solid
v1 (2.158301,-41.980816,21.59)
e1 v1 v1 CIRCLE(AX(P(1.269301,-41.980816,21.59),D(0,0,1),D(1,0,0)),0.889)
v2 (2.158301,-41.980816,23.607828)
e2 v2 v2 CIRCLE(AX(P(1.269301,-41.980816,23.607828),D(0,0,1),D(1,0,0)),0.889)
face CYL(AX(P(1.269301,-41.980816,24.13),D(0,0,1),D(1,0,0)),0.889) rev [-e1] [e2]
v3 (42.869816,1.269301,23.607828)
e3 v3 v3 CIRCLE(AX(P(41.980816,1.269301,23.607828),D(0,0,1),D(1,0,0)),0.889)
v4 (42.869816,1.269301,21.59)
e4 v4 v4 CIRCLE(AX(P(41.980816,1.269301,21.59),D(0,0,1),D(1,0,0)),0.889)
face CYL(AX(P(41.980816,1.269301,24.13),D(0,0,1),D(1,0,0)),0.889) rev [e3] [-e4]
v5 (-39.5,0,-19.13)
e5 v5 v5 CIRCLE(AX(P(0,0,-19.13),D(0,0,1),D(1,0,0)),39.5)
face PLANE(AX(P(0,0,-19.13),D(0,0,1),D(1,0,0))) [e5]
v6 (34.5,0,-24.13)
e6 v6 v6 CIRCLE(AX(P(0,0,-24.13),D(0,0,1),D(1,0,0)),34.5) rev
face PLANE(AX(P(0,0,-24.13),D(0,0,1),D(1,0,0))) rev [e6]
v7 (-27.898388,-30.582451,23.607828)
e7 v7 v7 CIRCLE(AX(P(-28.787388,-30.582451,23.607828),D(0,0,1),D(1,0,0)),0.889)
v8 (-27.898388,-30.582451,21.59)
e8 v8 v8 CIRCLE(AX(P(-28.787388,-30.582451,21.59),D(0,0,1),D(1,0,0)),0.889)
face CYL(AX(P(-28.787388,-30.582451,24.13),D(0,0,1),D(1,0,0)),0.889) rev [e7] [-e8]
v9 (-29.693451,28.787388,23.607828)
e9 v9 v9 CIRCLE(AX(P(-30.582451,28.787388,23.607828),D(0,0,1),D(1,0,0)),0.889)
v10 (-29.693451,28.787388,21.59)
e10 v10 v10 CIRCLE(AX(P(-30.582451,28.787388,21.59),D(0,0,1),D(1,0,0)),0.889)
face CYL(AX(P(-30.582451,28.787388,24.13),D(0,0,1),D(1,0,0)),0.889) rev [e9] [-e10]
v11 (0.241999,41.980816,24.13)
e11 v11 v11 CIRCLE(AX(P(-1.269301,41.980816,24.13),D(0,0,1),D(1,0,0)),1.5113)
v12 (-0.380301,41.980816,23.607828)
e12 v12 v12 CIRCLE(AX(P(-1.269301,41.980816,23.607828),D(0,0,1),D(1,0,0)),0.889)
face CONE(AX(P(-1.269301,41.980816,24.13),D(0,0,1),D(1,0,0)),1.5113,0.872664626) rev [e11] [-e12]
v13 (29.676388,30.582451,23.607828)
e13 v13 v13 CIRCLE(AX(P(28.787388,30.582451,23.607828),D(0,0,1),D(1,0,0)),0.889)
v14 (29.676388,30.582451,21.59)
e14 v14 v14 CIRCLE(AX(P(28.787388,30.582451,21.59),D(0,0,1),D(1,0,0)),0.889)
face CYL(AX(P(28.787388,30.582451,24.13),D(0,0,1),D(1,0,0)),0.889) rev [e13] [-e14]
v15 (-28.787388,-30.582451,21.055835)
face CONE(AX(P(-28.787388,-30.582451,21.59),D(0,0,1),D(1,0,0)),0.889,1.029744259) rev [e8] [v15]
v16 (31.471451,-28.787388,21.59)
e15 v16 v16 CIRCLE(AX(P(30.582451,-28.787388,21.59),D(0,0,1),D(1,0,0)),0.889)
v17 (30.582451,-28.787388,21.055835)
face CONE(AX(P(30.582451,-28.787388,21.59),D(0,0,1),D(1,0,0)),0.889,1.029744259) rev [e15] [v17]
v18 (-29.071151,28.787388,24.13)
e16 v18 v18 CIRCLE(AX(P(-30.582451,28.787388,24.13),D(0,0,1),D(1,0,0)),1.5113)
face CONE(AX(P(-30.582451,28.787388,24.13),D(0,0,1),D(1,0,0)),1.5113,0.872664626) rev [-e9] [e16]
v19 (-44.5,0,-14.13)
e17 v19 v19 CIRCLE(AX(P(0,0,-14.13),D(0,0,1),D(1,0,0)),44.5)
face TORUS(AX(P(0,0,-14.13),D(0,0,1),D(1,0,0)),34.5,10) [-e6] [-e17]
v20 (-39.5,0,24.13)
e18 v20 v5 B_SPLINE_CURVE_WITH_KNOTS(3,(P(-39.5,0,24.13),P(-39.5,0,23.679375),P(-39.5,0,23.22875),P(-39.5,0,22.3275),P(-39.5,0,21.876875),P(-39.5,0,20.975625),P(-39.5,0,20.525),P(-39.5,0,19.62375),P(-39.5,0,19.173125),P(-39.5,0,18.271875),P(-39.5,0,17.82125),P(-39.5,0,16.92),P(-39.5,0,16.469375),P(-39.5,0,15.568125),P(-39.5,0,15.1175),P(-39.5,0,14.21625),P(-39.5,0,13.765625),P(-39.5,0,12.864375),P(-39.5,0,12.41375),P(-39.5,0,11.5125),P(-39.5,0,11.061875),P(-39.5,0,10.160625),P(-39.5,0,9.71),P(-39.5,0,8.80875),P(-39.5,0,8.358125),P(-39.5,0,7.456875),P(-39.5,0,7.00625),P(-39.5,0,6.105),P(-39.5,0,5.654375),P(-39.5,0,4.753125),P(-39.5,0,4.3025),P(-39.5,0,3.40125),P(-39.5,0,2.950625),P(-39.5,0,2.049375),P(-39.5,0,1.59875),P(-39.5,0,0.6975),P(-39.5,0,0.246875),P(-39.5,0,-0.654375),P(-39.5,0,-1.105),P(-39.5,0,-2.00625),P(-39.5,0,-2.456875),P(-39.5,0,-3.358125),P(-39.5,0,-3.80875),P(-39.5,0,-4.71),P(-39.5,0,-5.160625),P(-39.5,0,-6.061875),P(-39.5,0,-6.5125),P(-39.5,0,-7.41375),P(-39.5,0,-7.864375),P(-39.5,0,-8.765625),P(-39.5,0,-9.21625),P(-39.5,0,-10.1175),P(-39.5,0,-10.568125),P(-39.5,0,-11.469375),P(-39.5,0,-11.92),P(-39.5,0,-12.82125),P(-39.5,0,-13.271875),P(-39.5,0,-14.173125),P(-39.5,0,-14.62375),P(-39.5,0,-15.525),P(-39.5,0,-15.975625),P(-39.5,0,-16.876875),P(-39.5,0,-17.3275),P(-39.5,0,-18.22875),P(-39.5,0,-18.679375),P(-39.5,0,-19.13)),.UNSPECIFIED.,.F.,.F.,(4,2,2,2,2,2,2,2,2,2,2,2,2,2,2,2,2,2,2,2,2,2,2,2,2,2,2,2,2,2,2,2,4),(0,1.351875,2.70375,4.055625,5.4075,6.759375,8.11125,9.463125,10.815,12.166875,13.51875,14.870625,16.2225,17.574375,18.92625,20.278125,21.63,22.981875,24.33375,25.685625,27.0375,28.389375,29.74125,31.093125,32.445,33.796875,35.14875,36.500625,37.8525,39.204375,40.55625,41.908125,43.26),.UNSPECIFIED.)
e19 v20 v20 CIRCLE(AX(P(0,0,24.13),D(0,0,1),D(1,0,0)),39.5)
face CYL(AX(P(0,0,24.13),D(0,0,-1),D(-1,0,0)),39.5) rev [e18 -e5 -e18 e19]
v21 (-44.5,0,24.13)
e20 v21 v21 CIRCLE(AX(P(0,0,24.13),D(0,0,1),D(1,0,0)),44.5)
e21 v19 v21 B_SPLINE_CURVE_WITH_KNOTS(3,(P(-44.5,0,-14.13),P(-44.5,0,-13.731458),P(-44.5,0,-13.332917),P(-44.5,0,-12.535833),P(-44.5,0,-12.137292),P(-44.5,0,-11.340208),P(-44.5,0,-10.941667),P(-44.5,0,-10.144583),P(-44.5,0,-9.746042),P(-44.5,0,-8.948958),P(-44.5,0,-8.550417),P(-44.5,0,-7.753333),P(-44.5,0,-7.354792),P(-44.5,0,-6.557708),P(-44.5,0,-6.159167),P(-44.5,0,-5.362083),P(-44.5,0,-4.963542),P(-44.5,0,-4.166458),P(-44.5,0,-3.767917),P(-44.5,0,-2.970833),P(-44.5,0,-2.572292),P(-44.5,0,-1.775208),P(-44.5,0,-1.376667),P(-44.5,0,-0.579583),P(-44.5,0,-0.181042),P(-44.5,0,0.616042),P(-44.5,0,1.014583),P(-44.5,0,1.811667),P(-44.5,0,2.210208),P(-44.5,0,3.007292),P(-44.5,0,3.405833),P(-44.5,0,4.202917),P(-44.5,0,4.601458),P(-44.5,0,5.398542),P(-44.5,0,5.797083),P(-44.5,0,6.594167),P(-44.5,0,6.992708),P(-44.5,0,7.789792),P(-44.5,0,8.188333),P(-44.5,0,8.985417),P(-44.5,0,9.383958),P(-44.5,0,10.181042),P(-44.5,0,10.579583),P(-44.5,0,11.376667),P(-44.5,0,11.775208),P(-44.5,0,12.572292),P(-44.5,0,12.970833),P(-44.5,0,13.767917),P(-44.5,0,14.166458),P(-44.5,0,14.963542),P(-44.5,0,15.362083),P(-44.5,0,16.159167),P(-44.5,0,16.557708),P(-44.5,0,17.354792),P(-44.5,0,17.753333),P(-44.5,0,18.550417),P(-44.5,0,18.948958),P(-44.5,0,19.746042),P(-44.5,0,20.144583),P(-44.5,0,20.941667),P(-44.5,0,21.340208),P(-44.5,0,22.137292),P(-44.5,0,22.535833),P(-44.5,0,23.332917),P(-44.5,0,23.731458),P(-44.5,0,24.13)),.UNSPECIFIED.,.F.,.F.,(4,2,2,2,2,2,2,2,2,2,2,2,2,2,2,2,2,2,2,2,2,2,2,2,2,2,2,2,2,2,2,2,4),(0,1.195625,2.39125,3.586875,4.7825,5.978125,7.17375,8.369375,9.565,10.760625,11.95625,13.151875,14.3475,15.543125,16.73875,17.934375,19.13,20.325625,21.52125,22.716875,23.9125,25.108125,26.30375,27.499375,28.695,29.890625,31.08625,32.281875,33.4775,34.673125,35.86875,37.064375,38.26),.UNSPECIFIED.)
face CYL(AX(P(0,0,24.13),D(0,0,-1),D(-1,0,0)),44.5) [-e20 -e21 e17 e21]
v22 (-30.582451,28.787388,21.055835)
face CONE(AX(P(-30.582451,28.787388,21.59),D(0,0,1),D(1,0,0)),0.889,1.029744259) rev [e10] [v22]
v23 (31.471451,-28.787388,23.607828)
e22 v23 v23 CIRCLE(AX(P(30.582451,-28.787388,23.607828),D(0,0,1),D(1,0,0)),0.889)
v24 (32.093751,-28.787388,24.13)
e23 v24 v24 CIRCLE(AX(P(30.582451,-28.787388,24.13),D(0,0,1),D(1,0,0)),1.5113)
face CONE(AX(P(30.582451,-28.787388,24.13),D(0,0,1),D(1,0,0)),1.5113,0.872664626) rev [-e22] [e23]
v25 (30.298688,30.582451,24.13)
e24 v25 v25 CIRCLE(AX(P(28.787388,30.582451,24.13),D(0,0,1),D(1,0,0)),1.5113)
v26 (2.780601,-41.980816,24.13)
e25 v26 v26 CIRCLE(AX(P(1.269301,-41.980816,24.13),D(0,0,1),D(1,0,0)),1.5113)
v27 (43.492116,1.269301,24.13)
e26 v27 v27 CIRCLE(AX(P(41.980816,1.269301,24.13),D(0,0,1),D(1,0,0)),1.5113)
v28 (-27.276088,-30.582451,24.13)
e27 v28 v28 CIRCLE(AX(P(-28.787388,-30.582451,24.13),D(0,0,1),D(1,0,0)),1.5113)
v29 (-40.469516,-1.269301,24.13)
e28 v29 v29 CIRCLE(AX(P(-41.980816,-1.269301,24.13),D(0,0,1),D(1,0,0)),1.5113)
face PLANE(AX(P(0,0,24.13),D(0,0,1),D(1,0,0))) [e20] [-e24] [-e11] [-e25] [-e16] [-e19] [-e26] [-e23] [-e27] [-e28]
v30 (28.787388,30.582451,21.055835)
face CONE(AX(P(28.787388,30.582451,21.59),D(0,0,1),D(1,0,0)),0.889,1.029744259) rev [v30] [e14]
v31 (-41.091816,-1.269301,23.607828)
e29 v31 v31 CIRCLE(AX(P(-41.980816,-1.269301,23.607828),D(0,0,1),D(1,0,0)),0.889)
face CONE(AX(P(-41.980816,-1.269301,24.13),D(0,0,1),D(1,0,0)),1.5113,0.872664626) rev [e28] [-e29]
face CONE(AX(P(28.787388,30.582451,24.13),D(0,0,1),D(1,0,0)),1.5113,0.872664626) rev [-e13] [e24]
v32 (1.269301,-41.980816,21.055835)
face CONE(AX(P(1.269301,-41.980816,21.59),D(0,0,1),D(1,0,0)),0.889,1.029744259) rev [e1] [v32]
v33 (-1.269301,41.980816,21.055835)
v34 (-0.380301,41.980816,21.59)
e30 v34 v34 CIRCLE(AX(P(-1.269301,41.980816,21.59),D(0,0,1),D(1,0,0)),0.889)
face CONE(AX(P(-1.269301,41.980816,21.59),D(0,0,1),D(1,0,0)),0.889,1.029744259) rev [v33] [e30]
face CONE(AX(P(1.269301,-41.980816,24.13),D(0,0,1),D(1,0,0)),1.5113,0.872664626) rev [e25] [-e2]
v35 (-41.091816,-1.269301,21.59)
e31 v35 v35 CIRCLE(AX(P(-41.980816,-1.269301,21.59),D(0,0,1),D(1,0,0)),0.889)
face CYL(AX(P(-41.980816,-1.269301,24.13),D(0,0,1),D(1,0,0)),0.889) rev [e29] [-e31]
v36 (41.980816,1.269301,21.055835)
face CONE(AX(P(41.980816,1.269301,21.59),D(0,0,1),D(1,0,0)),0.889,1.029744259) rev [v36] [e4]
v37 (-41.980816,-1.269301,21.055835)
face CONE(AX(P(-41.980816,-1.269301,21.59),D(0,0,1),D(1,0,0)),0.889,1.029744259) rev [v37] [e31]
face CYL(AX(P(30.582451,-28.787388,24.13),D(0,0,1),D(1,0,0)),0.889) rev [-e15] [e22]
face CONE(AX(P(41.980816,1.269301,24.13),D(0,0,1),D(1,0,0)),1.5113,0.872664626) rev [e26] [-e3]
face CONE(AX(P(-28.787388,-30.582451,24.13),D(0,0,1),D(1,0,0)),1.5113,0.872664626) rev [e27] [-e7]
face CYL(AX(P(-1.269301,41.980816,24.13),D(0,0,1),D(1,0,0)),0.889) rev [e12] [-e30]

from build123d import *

# Parameters (mm, degrees)
SKETCH1_R                                 = 44.5
BOSS_EXTRUDE1_DEPTH                       = 24.13
SHELL1_T                                  = -5
CSK_FOR_0_FLAT_HEAD_MACHINE_SCREW_2_COUNT = 2
CSK_FOR_0_FLAT_HEAD_MACHINE_SCREW_2_PITCH = 69.412105808
CIRPATTERN1_COUNT                         = 8
FILLET1_R                                 = 10


with BuildPart() as part:
    # Sketch1 → Boss-Extrude1 (new, symmetric)
    with BuildSketch(Plane.XY):
        with Locations(Location((0, 0, 0), (0, 0, 180))):
            Circle(SKETCH1_R)
    extrude(amount=BOSS_EXTRUDE1_DEPTH, both=True)

    # Shell1
    shell1_openings = [part.faces().sort_by_distance(p)[0] for p in [
        (0, 0, 24.13),
    ]]
    offset(amount=SHELL1_T, openings=shell1_openings, kind=Kind.INTERSECTION)

    # Sketch5 → CSK for #0 Flat Head Machine Screw (100)1 (revolve, cut)
    with BuildSketch(Plane(origin=(-1.269301035, 41.980815558, 24.13), x_dir=(0, -1, 0), z_dir=(1, 0, 0))):
        Polygon((0, 0), (0, 3.07416509), (0.889, 2.54), (0.889, 0.5221717), (1.5113, 0), align=None)
    csk_for_0_flat_head_machine_screw_100 = revolve(axis=Axis((-1.269301035, 41.980815558, 30.48), (0, 0, -1)), mode=Mode.SUBTRACT)

    # CSK for _0 Flat Head Machine Screw _ 2: CSK for #0 Flat Head Machine Screw (100)1 ×2
    with Locations(*[Vector(0.9567328467758284, -0.2909677987341887, 0) * (i * CSK_FOR_0_FLAT_HEAD_MACHINE_SCREW_2_PITCH) for i in range(1, CSK_FOR_0_FLAT_HEAD_MACHINE_SCREW_2_COUNT)]):
        add(csk_for_0_flat_head_machine_screw_100, mode=Mode.SUBTRACT)

    # CirPattern1: CSK for #0 Flat Head Machine Screw (100)1 ×8 about axis
    cirpattern1_axis = Axis((0, 0, 0), (0, 0, 1))
    for i in range(1, CIRPATTERN1_COUNT):
        add(csk_for_0_flat_head_machine_screw_100.rotate(cirpattern1_axis, i * 360 / CIRPATTERN1_COUNT), mode=Mode.SUBTRACT)

    # CirPattern1 copy 1 sketch → CirPattern1 copy 1 (revolve, cut)
    with BuildSketch(Plane(origin=(30.656906272, 61.464315428, 24.13), x_dir=(0.7071067811865475, -0.7071067811865476, 0), z_dir=(0.7071067811865476, 0.7071067811865475, 0))):
        Polygon((0, 0), (0, 3.07416509), (0.889, 2.54), (0.889, 0.5221717), (1.5113, 0), align=None)
    revolve(axis=Axis((30.656906272, 61.464315428, 30.48), (0, 0, -1)), mode=Mode.SUBTRACT)

    # CirPattern1 copy 2 sketch → CirPattern1 copy 2 (revolve, cut)
    with BuildSketch(Plane(origin=(-21.784127925, 65.139540555, 24.13), x_dir=(1, 0, 0), z_dir=(0, 1, 0))):
        Polygon((0, 0), (0, 3.07416509), (0.889, 2.54), (0.889, 0.5221717), (1.5113, 0), align=None)
    revolve(axis=Axis((-21.784127925, 65.139540555, 30.48), (0, 0, -1)), mode=Mode.SUBTRACT)

    # CirPattern1 copy 3 sketch → CirPattern1 copy 3 (revolve, cut)
    with BuildSketch(Plane(origin=(-61.464315428, 30.656906272, 24.13), x_dir=(0.7071067811865476, 0.7071067811865475, 0), z_dir=(-0.7071067811865475, 0.7071067811865476, 0))):
        Polygon((0, 0), (0, 3.07416509), (0.889, 2.54), (0.889, 0.5221717), (1.5113, 0), align=None)
    revolve(axis=Axis((-61.464315428, 30.656906272, 30.48), (0, 0, -1)), mode=Mode.SUBTRACT)

    # CirPattern1 copy 4 sketch → CirPattern1 copy 4 (revolve, cut)
    with BuildSketch(Plane(origin=(-65.139540555, -21.784127925, 24.13), x_dir=(0, 1, 0), z_dir=(-1, 0, 0))):
        Polygon((0, 0), (0, 3.07416509), (0.889, 2.54), (0.889, 0.5221717), (1.5113, 0), align=None)
    revolve(axis=Axis((-65.139540555, -21.784127925, 30.48), (0, 0, -1)), mode=Mode.SUBTRACT)

    # CirPattern1 copy 5 sketch → CirPattern1 copy 5 (revolve, cut)
    with BuildSketch(Plane(origin=(-30.656906272, -61.464315428, 24.13), x_dir=(-0.7071067811865475, 0.7071067811865477, 0), z_dir=(-0.7071067811865477, -0.7071067811865475, 0))):
        Polygon((0, 0), (0, 3.07416509), (0.889, 2.54), (0.889, 0.5221717), (1.5113, 0), align=None)
    revolve(axis=Axis((-30.656906272, -61.464315428, 30.48), (0, 0, -1)), mode=Mode.SUBTRACT)

    # CirPattern1 copy 6 sketch → CirPattern1 copy 6 (revolve, cut)
    with BuildSketch(Plane(origin=(21.784127925, -65.139540555, 24.13), x_dir=(-1, 0, 0), z_dir=(0, -1, 0))):
        Polygon((0, 0), (0, 3.07416509), (0.889, 2.54), (0.889, 0.5221717), (1.5113, 0), align=None)
    revolve(axis=Axis((21.784127925, -65.139540555, 30.48), (0, 0, -1)), mode=Mode.SUBTRACT)

    # CirPattern1 copy 7 sketch → CirPattern1 copy 7 (revolve, cut)
    with BuildSketch(Plane(origin=(61.464315428, -30.656906272, 24.13), x_dir=(-0.7071067811865477, -0.7071067811865474, 0), z_dir=(0.7071067811865474, -0.7071067811865477, 0))):
        Polygon((0, 0), (0, 3.07416509), (0.889, 2.54), (0.889, 0.5221717), (1.5113, 0), align=None)
    revolve(axis=Axis((61.464315428, -30.656906272, 30.48), (0, 0, -1)), mode=Mode.SUBTRACT)

    # Fillet1
    fillet1_edges = [part.edges().sort_by_distance(p)[0] for p in [
        (44.5, 0, -24.13),
    ]]
    fillet(fillet1_edges, radius=FILLET1_R)


solid = part.part
